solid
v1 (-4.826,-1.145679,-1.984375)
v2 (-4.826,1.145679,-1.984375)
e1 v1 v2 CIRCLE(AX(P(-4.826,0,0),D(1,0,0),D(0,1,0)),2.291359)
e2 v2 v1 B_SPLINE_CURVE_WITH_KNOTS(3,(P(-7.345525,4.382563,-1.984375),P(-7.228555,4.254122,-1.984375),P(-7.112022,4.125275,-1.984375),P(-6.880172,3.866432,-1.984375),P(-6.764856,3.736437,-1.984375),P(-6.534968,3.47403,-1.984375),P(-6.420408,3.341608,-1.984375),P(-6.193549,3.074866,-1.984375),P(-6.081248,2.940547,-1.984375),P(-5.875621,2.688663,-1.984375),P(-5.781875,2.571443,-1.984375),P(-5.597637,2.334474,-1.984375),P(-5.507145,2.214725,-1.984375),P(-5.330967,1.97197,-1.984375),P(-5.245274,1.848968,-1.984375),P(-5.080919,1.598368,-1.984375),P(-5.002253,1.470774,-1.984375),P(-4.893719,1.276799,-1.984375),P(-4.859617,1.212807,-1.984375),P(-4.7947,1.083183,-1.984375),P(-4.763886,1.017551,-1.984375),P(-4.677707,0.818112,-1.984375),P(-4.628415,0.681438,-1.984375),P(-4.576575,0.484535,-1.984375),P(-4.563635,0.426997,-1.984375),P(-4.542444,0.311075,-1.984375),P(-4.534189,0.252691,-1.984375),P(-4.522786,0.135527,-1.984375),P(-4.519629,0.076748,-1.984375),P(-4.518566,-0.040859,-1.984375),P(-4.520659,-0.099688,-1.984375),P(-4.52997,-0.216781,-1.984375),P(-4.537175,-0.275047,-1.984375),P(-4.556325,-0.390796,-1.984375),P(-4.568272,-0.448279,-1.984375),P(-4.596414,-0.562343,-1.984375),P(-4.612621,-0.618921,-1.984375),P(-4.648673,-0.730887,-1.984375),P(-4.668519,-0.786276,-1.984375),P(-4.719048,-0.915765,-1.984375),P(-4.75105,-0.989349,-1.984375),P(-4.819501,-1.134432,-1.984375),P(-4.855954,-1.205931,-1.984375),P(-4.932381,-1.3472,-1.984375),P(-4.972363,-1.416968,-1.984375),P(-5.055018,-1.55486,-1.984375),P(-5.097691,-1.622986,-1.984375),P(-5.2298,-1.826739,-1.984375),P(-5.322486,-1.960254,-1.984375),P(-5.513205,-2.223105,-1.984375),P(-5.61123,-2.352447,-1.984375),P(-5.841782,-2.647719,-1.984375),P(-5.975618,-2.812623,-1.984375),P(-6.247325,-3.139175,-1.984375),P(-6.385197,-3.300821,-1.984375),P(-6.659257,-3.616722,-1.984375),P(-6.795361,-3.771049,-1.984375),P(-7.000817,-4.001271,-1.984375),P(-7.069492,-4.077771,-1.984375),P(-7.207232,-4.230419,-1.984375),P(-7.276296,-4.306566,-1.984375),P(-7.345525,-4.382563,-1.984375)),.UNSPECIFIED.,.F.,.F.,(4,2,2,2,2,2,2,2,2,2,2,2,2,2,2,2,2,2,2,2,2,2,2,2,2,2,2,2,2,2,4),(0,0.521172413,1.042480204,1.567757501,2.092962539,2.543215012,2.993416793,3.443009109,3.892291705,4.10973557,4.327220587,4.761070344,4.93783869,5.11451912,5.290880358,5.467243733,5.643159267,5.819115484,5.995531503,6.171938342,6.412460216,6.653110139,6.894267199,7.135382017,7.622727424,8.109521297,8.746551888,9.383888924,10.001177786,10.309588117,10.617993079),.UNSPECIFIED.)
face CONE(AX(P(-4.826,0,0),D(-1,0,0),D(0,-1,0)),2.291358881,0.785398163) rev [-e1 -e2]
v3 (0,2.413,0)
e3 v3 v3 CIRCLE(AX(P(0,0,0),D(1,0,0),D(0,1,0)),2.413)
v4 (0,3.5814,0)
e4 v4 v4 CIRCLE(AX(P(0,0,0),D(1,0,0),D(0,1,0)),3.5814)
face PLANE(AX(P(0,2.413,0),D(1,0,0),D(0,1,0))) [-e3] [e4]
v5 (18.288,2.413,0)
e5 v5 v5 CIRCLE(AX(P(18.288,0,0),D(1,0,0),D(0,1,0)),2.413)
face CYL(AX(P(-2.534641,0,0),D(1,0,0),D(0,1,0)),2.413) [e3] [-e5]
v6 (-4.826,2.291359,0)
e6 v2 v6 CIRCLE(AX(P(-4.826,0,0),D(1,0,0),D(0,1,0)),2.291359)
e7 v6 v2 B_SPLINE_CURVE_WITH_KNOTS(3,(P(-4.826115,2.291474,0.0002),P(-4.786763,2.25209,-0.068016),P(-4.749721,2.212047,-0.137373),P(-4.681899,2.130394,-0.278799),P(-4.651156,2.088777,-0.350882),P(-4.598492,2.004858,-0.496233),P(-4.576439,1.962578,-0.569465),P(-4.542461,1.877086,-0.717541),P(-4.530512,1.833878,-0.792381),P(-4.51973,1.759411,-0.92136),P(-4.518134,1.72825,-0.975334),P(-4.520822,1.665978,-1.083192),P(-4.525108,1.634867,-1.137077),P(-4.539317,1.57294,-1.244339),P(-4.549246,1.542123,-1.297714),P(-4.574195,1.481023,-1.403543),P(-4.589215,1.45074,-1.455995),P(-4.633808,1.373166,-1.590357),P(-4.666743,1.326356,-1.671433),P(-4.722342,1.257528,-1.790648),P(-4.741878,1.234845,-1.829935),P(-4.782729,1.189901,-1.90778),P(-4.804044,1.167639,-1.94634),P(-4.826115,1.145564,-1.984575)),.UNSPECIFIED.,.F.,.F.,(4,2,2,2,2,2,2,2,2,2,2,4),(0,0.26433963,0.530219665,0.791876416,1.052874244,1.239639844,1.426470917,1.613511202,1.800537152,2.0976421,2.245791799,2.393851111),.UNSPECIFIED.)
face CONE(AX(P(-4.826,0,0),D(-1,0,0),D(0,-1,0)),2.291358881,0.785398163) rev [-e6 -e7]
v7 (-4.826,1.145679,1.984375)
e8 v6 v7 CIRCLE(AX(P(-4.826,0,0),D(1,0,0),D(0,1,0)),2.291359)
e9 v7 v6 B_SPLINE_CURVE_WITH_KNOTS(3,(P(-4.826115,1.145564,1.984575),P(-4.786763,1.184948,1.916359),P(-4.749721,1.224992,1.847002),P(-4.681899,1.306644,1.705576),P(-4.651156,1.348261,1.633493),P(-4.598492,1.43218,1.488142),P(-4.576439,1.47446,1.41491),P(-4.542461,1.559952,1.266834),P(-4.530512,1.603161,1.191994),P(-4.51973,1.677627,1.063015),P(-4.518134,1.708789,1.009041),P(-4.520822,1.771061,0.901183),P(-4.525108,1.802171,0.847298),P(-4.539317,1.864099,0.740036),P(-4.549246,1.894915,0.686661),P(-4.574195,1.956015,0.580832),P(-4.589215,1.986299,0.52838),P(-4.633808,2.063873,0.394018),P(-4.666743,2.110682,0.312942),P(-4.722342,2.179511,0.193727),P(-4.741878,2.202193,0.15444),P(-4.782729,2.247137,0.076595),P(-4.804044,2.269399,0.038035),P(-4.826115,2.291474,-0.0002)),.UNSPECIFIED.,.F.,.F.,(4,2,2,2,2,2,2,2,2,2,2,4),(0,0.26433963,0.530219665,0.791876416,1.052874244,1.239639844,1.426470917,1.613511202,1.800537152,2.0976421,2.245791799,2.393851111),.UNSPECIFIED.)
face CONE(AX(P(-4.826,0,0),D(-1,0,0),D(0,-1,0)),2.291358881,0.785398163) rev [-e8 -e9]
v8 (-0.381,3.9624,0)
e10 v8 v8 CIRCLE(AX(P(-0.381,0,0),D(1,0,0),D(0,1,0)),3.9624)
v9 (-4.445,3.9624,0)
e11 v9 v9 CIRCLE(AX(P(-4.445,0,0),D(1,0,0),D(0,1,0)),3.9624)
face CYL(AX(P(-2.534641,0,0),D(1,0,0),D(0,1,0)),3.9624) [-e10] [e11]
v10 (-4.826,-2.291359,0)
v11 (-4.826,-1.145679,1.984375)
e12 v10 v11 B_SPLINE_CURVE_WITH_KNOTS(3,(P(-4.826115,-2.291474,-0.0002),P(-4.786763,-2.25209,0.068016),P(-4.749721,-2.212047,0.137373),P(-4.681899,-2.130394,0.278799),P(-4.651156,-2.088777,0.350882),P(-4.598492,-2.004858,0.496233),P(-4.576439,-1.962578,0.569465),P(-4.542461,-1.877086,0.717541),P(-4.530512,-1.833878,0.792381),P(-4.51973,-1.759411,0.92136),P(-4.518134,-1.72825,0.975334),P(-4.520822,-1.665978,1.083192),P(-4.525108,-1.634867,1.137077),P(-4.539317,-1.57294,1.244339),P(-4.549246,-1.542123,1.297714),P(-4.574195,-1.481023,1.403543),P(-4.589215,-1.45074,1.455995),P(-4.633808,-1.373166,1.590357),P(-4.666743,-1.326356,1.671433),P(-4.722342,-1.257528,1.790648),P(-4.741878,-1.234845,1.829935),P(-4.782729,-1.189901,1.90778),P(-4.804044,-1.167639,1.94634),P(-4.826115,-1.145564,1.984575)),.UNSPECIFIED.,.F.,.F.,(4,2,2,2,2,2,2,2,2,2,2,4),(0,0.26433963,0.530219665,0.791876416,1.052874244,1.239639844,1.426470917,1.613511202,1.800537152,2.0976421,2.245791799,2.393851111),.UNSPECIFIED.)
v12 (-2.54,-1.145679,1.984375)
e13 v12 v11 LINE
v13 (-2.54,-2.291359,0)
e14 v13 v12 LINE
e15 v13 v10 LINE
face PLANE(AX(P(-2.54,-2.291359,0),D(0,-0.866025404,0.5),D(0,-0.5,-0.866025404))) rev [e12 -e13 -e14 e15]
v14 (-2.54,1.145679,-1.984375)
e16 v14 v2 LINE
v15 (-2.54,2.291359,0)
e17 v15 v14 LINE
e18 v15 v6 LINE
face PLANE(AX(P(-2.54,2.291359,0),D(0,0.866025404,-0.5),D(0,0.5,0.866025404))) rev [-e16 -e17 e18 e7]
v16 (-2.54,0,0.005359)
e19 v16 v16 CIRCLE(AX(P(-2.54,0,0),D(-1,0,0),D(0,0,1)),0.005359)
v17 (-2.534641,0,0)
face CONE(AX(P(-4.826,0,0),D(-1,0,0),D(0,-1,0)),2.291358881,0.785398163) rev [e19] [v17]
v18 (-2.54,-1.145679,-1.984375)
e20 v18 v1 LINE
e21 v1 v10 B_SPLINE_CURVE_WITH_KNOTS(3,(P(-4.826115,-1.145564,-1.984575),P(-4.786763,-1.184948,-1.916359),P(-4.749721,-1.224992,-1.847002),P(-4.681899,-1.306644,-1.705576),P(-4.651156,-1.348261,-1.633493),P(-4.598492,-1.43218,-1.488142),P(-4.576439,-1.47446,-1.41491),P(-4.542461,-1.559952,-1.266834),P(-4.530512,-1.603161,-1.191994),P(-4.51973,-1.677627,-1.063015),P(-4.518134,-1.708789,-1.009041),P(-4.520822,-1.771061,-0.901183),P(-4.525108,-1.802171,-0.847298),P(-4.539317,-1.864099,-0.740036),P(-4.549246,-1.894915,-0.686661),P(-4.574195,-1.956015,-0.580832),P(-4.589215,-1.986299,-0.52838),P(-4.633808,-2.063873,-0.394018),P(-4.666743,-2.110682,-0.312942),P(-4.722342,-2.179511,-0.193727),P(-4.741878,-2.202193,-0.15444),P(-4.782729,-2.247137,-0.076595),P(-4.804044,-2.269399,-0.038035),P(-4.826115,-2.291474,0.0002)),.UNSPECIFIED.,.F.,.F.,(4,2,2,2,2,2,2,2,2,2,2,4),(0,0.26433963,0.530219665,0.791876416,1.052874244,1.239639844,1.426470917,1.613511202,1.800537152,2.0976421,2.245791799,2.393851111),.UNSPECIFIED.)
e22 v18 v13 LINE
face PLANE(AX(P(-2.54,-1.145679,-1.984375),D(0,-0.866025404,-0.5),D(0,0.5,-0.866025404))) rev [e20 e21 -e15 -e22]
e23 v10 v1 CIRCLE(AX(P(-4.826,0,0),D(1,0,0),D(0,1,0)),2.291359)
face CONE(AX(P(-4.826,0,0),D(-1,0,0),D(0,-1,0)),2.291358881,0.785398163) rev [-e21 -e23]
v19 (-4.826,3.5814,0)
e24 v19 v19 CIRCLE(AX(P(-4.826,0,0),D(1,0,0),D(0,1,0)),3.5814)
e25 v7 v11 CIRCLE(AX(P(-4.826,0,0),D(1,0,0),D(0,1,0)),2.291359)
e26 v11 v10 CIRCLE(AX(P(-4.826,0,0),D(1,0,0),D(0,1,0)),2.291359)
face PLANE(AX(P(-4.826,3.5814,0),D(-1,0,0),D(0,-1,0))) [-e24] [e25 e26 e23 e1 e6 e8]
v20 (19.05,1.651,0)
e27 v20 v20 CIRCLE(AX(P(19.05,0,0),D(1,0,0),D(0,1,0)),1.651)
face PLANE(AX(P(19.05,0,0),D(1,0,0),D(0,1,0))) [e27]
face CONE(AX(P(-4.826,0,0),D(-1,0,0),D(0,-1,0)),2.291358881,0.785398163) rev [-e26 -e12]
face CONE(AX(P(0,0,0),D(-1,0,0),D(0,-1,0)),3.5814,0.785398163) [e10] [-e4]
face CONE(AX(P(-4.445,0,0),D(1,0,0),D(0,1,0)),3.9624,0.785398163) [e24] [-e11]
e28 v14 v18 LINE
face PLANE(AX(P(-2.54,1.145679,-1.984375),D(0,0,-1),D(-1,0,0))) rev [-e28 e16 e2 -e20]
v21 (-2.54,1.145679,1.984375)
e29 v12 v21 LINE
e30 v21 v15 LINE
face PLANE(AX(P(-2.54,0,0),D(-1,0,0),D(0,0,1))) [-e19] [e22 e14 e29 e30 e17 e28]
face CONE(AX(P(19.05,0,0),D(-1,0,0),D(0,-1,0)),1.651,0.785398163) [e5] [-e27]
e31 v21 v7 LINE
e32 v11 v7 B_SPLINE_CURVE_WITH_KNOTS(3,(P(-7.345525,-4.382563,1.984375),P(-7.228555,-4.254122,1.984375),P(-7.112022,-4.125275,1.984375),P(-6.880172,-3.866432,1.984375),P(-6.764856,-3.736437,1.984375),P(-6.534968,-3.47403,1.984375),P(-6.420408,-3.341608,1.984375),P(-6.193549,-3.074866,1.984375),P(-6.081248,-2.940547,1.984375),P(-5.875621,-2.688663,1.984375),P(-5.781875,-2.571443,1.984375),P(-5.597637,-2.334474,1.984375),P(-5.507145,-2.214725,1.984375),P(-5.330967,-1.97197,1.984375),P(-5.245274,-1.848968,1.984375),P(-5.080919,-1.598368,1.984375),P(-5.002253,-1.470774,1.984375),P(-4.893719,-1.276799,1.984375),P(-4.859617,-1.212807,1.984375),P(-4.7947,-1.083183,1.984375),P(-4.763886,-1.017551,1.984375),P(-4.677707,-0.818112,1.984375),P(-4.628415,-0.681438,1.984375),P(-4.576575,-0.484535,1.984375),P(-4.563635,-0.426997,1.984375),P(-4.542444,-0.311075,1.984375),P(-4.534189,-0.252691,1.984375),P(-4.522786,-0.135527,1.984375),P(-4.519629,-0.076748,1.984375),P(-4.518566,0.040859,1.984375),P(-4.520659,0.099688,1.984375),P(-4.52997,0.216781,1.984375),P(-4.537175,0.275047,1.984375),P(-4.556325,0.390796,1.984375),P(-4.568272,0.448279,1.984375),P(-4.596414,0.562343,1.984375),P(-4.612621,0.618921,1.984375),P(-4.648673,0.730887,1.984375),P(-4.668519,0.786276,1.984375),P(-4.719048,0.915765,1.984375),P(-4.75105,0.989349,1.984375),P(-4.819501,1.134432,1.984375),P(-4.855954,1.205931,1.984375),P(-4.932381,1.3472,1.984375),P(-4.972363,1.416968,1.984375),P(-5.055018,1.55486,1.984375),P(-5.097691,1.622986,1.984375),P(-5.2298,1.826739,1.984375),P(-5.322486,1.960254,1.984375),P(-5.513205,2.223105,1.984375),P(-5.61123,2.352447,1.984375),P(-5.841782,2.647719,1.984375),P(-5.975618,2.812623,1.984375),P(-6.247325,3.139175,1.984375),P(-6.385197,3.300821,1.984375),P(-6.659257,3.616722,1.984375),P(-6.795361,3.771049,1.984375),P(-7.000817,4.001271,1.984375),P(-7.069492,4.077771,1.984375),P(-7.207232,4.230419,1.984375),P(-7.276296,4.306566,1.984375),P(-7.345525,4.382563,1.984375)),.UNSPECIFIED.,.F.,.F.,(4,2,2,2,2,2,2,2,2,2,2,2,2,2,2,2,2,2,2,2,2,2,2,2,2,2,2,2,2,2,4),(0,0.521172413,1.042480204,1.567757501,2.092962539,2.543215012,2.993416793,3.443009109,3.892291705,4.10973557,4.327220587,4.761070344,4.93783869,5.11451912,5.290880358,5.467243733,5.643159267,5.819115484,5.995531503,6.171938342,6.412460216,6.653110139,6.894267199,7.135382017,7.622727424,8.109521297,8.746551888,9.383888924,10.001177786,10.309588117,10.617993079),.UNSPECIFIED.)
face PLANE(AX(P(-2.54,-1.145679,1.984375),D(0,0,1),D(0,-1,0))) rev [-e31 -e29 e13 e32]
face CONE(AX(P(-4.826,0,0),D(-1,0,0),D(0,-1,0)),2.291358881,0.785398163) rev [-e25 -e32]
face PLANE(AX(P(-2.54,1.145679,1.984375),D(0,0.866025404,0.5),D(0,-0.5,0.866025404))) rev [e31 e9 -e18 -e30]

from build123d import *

# Parameters (mm, degrees)
CUT_EXTRUDE1_DEPTH = 2.286


with BuildPart() as part:
    # Sketch1 → Revolve1 (revolve)
    with BuildSketch(Plane.XY):
        Polygon((0, 2.413), (0, 3.5814), (-0.381, 3.9624), (-4.445, 3.9624), (-4.826, 3.5814), (-4.826, 2.291358881), (-2.534641119, 0), (19.05, 0), (19.05, 1.651), (18.288, 2.413), align=None)
    revolve(axis=Axis((-2.534641119, 0, 0), (-1, 0, 0)))

    # Sketch2 → Cut-Extrude1 (cut)
    with BuildSketch(Plane.ZY.offset(4.826)):
        Polygon((0, 2.291358881), (-1.984375, 1.14567944), (-1.984375, -1.14567944), (0, -2.291358881), (1.984375, -1.14567944), (1.984375, 1.14567944), align=None)
    extrude(amount=-CUT_EXTRUDE1_DEPTH, mode=Mode.SUBTRACT)


solid = part.part
